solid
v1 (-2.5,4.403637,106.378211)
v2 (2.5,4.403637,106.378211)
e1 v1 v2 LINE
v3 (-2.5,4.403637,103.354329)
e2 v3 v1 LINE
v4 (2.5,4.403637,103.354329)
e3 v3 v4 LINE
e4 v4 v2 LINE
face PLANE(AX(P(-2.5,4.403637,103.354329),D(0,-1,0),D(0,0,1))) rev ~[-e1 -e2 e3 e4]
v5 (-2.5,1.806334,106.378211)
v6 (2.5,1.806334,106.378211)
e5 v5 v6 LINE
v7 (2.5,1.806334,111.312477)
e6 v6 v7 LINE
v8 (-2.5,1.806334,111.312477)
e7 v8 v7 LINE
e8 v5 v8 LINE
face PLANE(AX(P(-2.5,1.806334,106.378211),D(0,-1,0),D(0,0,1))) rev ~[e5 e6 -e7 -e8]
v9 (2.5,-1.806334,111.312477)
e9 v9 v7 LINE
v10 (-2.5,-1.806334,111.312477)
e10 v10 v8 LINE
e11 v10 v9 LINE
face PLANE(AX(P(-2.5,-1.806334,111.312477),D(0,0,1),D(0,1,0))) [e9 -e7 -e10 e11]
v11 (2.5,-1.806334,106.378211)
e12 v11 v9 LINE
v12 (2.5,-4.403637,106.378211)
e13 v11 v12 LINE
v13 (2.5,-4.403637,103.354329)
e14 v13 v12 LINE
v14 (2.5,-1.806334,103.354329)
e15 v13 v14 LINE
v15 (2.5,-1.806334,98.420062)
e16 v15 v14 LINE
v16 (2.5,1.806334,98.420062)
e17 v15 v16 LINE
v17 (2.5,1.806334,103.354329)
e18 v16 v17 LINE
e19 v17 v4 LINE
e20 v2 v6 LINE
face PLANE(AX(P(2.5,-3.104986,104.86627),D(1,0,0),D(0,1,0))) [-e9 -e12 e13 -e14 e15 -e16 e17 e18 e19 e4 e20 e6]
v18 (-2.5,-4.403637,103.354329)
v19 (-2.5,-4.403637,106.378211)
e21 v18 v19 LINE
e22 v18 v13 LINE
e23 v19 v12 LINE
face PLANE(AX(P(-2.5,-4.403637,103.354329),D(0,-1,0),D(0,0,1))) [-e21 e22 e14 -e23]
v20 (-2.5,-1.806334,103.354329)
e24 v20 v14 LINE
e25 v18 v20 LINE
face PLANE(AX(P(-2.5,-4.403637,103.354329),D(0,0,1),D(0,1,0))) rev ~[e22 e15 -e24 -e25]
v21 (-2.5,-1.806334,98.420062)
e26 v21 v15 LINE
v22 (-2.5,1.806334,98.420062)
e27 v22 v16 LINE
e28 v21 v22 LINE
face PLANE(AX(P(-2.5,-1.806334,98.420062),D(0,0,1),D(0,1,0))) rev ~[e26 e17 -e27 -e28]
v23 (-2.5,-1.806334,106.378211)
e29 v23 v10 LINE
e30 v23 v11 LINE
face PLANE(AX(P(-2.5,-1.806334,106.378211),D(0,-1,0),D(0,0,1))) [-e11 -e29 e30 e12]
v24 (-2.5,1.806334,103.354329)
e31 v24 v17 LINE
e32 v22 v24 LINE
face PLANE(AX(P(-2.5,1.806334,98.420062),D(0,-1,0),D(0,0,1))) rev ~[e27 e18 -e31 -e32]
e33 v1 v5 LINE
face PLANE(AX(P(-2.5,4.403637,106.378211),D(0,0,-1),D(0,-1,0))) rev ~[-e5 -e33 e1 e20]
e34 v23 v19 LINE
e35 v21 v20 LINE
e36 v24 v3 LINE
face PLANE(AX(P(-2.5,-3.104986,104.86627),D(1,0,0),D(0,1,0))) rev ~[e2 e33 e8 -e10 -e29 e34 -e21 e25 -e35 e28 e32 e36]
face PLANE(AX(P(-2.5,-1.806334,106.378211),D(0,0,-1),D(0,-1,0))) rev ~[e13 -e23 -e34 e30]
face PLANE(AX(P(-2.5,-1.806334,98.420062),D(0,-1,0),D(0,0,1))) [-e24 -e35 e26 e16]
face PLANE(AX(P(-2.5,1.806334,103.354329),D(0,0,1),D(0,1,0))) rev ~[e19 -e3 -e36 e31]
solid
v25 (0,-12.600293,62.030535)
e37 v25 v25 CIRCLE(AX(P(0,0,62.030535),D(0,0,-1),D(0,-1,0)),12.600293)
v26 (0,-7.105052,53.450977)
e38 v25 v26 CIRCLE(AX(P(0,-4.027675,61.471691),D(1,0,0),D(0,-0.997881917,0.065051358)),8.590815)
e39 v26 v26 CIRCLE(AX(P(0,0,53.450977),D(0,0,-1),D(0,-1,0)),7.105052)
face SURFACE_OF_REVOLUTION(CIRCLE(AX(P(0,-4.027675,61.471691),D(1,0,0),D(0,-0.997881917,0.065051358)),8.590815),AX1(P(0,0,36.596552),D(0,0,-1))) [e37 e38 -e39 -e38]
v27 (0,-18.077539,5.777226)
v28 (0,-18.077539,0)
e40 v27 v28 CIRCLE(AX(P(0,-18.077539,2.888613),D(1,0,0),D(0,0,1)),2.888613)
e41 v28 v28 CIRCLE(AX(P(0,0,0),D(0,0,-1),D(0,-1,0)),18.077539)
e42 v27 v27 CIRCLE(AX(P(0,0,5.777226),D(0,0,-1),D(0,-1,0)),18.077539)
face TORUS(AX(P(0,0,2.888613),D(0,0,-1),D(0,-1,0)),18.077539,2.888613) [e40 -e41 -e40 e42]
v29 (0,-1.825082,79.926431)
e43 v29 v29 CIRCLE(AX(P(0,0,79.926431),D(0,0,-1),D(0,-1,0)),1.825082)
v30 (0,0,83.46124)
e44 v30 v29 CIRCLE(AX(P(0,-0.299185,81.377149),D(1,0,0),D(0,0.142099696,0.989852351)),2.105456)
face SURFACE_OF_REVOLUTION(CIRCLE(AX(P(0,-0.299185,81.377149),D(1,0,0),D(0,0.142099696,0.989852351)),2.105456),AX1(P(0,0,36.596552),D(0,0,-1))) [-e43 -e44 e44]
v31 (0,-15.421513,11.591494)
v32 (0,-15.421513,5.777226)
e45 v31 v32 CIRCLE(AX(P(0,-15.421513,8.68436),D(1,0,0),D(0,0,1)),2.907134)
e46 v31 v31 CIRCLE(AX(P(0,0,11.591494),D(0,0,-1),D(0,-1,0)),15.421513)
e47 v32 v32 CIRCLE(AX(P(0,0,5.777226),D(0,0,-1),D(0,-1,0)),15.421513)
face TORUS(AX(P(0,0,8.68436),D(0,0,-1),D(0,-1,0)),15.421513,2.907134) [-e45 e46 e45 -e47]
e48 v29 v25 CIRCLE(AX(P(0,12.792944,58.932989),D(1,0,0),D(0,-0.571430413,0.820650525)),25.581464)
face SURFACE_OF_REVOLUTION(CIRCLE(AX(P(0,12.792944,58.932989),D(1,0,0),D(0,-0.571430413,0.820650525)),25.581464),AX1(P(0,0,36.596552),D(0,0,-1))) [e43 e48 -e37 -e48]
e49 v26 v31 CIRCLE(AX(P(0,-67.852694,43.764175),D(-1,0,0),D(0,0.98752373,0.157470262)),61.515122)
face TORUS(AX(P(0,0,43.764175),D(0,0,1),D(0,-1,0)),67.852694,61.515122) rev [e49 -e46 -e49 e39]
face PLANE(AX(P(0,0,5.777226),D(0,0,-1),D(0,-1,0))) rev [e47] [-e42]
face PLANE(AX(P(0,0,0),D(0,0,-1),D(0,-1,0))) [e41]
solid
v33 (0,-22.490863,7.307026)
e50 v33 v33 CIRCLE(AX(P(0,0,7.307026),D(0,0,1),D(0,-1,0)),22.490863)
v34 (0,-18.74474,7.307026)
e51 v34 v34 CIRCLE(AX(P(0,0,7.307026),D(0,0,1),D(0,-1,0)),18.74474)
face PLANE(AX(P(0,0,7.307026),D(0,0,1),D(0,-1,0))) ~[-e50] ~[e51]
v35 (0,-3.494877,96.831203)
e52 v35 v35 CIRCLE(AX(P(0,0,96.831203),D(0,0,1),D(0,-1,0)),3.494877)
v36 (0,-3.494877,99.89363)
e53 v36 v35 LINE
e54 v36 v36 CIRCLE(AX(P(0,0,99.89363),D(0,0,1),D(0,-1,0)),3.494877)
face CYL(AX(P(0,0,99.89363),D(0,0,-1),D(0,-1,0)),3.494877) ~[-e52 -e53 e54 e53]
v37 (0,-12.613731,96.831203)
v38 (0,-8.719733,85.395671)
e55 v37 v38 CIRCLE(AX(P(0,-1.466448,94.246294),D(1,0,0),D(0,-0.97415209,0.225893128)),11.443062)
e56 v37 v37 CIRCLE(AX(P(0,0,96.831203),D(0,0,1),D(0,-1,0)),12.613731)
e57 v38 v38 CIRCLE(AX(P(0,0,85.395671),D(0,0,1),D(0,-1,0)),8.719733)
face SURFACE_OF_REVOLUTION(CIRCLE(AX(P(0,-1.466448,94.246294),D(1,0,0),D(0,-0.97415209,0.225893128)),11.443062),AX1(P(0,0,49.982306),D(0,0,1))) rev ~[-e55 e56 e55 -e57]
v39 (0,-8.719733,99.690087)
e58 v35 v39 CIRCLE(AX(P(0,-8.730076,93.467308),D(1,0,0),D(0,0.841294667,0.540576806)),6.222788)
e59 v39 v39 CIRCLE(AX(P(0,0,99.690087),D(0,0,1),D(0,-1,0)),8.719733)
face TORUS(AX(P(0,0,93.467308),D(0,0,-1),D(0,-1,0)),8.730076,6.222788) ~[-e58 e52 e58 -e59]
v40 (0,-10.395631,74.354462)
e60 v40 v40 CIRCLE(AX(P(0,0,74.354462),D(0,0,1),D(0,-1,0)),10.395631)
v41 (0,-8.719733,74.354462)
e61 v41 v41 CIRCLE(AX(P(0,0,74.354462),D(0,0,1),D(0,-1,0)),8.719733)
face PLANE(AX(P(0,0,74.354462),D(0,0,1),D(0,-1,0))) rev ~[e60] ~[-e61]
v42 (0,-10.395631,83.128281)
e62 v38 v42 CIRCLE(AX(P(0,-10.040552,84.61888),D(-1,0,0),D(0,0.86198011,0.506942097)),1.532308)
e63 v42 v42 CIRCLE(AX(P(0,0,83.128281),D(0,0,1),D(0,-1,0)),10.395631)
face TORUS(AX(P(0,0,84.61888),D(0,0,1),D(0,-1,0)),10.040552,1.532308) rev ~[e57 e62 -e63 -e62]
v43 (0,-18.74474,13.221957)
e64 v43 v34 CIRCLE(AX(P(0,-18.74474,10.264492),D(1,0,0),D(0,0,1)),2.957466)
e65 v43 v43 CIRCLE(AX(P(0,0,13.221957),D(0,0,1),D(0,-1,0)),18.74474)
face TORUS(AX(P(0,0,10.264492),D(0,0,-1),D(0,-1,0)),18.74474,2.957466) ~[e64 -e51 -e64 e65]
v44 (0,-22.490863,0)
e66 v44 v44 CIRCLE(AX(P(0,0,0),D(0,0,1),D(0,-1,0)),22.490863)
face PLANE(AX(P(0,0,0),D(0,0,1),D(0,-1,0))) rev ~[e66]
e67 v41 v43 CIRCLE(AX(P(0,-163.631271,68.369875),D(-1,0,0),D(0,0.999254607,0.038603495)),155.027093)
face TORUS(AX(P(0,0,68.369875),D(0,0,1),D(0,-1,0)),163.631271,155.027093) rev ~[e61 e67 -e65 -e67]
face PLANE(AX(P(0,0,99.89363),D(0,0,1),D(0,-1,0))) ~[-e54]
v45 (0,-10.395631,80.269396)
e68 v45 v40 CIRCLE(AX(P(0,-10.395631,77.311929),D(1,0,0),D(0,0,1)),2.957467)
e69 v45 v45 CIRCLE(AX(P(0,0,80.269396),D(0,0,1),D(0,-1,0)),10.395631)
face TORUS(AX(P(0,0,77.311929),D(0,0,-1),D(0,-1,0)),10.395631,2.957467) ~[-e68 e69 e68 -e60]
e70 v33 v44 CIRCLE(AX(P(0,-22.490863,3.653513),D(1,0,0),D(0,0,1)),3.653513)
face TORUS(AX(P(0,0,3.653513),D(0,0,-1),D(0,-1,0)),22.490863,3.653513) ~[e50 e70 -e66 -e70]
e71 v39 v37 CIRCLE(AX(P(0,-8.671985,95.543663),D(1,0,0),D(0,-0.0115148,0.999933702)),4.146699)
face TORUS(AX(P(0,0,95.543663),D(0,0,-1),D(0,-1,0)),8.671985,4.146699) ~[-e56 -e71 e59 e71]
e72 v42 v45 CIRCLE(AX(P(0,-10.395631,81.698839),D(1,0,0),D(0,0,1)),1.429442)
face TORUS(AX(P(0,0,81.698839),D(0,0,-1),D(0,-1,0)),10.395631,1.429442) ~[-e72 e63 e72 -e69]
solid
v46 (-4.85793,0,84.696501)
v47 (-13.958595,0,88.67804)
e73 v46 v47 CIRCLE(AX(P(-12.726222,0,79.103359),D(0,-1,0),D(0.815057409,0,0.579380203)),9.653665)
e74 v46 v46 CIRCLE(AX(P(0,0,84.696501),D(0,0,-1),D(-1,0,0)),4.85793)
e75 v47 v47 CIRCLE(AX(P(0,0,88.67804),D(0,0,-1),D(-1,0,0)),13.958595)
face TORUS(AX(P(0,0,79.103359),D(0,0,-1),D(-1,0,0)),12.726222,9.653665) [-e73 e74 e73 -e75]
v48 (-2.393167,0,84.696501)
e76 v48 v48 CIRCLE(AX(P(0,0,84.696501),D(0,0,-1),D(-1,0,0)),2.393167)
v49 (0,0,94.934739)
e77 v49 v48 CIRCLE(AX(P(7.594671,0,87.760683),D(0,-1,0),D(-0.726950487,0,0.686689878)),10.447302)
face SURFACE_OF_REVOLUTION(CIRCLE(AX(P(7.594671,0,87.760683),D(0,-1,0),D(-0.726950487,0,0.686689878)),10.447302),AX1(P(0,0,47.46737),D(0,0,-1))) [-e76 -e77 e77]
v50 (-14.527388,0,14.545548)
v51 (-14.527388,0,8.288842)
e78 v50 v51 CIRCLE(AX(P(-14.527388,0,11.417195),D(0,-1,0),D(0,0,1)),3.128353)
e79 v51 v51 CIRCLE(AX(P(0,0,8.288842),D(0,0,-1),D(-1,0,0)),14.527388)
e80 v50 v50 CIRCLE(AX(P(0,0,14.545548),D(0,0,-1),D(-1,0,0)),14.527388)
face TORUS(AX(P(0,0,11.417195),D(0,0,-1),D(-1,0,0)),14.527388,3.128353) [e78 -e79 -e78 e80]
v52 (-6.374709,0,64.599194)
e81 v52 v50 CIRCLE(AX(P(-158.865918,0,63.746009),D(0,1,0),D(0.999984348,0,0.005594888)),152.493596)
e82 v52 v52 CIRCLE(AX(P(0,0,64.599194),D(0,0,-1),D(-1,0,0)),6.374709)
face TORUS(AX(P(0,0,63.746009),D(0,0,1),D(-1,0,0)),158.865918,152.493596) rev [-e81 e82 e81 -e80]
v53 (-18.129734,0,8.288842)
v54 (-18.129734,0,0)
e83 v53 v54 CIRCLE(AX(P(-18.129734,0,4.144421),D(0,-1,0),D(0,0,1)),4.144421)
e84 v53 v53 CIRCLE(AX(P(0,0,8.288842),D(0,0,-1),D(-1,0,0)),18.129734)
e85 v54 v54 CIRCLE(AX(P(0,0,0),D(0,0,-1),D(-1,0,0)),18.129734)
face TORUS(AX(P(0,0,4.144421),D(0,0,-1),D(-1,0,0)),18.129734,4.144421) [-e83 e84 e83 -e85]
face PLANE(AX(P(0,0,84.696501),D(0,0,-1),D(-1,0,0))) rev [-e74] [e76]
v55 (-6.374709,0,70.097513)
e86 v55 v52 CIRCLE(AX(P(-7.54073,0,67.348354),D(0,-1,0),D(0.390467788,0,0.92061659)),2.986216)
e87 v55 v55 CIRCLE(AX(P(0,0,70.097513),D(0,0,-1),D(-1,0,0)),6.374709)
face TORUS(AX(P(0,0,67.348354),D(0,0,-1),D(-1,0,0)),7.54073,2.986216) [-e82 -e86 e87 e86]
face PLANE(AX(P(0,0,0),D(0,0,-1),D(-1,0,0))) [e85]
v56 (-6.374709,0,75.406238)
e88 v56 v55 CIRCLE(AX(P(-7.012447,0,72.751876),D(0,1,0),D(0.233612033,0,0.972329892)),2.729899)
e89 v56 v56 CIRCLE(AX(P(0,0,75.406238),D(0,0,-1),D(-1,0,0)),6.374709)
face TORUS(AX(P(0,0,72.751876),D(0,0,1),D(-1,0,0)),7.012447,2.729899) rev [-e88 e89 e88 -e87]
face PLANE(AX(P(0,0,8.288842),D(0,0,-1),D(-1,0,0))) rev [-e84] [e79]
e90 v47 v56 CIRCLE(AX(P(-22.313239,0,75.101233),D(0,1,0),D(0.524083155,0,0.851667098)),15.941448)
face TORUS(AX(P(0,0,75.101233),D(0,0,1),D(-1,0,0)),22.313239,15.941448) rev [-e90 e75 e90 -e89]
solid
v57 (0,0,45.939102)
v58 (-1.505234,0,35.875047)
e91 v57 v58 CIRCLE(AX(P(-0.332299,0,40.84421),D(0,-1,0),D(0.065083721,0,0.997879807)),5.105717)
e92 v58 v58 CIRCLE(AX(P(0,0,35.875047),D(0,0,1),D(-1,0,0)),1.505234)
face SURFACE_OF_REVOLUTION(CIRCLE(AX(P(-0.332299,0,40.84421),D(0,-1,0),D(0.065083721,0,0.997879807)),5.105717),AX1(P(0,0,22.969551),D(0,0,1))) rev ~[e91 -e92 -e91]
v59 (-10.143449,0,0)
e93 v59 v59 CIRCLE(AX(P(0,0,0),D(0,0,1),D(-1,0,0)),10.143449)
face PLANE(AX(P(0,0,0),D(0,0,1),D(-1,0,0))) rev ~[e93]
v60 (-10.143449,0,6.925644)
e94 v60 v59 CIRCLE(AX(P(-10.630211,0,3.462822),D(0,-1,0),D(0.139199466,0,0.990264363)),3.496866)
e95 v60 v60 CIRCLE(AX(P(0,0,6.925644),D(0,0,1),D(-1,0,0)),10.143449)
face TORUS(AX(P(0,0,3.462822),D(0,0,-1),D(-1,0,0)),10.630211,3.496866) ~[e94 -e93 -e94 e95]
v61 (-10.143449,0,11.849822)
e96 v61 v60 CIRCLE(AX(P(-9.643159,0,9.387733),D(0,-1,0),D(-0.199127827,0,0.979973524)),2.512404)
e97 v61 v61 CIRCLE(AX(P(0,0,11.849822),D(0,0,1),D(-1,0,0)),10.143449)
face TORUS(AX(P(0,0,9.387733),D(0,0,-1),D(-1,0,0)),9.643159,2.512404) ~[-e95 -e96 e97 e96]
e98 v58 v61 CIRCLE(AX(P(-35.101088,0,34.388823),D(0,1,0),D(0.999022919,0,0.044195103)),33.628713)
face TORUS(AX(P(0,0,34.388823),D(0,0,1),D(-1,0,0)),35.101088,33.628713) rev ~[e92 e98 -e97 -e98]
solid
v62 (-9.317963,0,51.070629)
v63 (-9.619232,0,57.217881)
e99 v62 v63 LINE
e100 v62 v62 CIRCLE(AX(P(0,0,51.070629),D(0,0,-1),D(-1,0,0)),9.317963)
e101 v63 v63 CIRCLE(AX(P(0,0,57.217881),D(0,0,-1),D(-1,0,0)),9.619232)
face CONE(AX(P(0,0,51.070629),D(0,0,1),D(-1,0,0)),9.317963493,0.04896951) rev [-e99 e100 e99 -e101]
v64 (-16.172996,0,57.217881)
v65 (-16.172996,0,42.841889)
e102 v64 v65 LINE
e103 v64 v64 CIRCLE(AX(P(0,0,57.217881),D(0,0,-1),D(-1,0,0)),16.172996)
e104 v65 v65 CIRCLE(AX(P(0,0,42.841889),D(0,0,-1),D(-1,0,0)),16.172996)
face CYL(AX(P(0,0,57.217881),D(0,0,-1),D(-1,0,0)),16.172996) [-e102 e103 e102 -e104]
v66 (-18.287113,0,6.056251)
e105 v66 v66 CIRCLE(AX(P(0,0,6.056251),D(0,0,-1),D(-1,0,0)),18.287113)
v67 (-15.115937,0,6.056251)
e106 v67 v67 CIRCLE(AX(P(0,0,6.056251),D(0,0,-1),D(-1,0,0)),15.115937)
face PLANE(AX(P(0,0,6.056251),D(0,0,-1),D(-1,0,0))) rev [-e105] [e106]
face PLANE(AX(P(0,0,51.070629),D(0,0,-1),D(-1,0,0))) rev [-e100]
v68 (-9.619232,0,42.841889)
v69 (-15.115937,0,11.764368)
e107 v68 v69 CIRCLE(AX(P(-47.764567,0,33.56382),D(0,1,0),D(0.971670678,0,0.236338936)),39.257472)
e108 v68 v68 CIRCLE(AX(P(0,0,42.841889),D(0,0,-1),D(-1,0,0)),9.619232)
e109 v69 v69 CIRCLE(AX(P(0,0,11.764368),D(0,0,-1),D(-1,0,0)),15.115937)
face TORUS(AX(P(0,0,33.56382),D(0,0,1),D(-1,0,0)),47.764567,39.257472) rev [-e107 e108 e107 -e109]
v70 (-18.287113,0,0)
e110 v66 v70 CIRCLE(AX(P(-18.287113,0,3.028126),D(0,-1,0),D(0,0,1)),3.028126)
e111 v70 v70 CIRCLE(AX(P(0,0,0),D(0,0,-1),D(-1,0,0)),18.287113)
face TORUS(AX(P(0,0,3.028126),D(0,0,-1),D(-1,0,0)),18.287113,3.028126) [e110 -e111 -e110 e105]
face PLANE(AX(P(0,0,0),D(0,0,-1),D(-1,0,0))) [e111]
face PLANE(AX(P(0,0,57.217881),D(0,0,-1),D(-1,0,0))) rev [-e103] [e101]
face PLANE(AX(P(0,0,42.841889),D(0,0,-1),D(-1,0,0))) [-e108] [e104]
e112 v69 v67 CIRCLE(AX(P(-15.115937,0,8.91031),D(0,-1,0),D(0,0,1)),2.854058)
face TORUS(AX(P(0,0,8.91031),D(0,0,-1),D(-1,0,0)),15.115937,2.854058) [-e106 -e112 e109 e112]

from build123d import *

# Parameters (mm, degrees)
F10_W     = 2.5973028746
F10_H     = 3.0238824309
F10_W_2   = 3.612668298
F10_H_2   = 4.9342662549
F11_DEPTH = 5


with BuildPart() as f1:
    # F0 (on Front) → F1 (revolve)
    with BuildSketch(Plane.XZ):
        with BuildLine():
            Line((0, 0), (0, 45.9391020568))
            ThreePointArc((0, 45.9391020568), (-5.3818502071, 41.5994474406), (-1.5052335328, 35.8750472973))
            ThreePointArc((-1.5052335328, 35.8750472973), (-3.4556970702, 23.0107943133), (-10.1434485987, 11.8498224765))
            ThreePointArc((-10.1434485987, 11.8498224765), (-12.1555629621, 9.3877331819), (-10.1434485987, 6.9256438874))
            ThreePointArc((-10.1434485987, 6.9256438874), (-14.1270766639, 3.4628219437), (-10.1434485987, 0))
            Line((-10.1434485987, 0), (0, 0))
        make_face()
    revolve(axis=Axis((0, 0, 22.9695510284), (0, 0, 1)))


with BuildPart() as f3:
    # F2 (on Front) → F3 (revolve)
    with BuildSketch(Plane.XZ):
        with BuildLine():
            Line((-18.1297343224, 0), (0, 0))
            Line((0, 0), (0, 94.9347391725))
            ThreePointArc((0, 94.9347391725), (-2.5784077551, 90.1386189063), (-2.3931667674, 84.6965014935))
            Line((-2.3931667674, 84.6965014935), (-4.8579303548, 84.6965014935))
            ThreePointArc((-4.8579303548, 84.6965014935), (-8.8568529845, 87.9476361027), (-13.9585947618, 88.6780396104))
            ThreePointArc((-13.9585947618, 88.6780396104), (-8.4721858821, 83.0104052777), (-6.3747093081, 75.4062384367))
            ThreePointArc((-6.3747093081, 75.4062384367), (-4.2825475071, 72.7518759668), (-6.3747093081, 70.0975134969))
            ThreePointArc((-6.3747093081, 70.0975134969), (-10.5269463728, 67.3483535647), (-6.3747093081, 64.5991936326))
            ThreePointArc((-6.3747093081, 64.5991936326), (-8.3557345542, 39.2310884298), (-14.527387917, 14.5455477759))
            ThreePointArc((-14.527387917, 14.5455477759), (-17.6557409577, 11.4171947353), (-14.527387917, 8.2888416946))
            Line((-14.527387917, 8.2888416946), (-18.1297343224, 8.2888416946))
            ThreePointArc((-18.1297343224, 8.2888416946), (-22.2741551697, 4.1444208473), (-18.1297343224, 0))
        make_face()
    revolve(axis=Axis((0, 0, 47.4673695862), (0, 0, -1)))


with BuildPart() as f5:
    # F4 (on Front) → F5 (revolve)
    with BuildSketch(Plane.XZ):
        with BuildLine():
            Line((-18.2871129364, 0), (0, 0))
            Line((0, 0), (0, 51.0706291124))
            Line((0, 51.0706291124), (-9.3179634934, 51.0706291124))
            Line((-9.3179634934, 51.0706291124), (-9.6192322671, 57.2178810835))
            Line((-9.6192322671, 57.2178810835), (-16.1729957908, 57.2178810835))
            Line((-16.1729957908, 57.2178810835), (-16.1729957908, 42.8418889642))
            Line((-16.1729957908, 42.8418889642), (-9.6192322671, 42.8418889642))
            ThreePointArc((-9.6192322671, 42.8418889642), (-9.1071041764, 26.7264448059), (-15.1159372181, 11.7643680423))
            ThreePointArc((-15.1159372181, 11.7643680423), (-17.9699955042, 8.9103097562), (-15.1159372181, 6.05625147))
            Line((-15.1159372181, 6.05625147), (-18.2871129364, 6.05625147))
            ThreePointArc((-18.2871129364, 6.05625147), (-21.3152386714, 3.028125735), (-18.2871129364, 0))
        make_face()
    revolve(axis=Axis((0, 0, 25.5353145562), (0, 0, -1)))


with BuildPart() as f7:
    # F6 (on Right) → F7 (revolve)
    with BuildSketch(Plane.YZ):
        with BuildLine():
            Line((-18.0775392801, 0), (0, 0))
            Line((0, 0), (0, 73.193103075))
            Line((0, 73.193103075), (0, 83.461239934))
            ThreePointArc((0, 83.461239934), (-2.169993209, 82.3430796068), (-1.8250824651, 79.926431179))
            ThreePointArc((-1.8250824651, 79.926431179), (-9.1226003003, 72.1284512395), (-12.600293383, 62.0305351913))
            ThreePointArc((-12.600293383, 62.0305351913), (-11.2618162191, 56.8381940076), (-7.1050517537, 53.4509772643))
            ThreePointArc((-7.1050517537, 53.4509772643), (-7.5168372062, 31.776908223), (-15.4215125367, 11.5914940834))
            ThreePointArc((-15.4215125367, 11.5914940834), (-18.3286466636, 8.6843599565), (-15.4215125367, 5.7772258297))
            Line((-15.4215125367, 5.7772258297), (-18.0775392801, 5.7772258297))
            ThreePointArc((-18.0775392801, 5.7772258297), (-20.9661521949, 2.8886129148), (-18.0775392801, 0))
        make_face()
    revolve(axis=Axis((0, 0, 36.5965515375), (0, 0, -1)))


with BuildPart() as f9:
    # F8 (on Right) → F9 (revolve)
    with BuildSketch(Plane.YZ):
        with BuildLine():
            Line((-22.490862757, 0), (0, 0))
            Line((0, 0), (0, 99.8936295509))
            Line((0, 99.8936295509), (-3.4948771354, 99.8936295509))
            Line((-3.4948771354, 99.8936295509), (-3.4948771354, 96.831202507))
            ThreePointArc((-3.4948771354, 96.831202507), (-5.7430654927, 98.9263242281), (-8.7197334506, 99.6900871396))
            ThreePointArc((-8.7197334506, 99.6900871396), (-11.1260267423, 98.8862358106), (-12.6137305051, 96.831202507))
            ThreePointArc((-12.6137305051, 96.831202507), (-12.2987177674, 90.5577174458), (-8.7197334506, 85.3956714272))
            ThreePointArc((-8.7197334506, 85.3956714272), (-8.8083070293, 83.7080899558), (-10.3956311941, 83.1282809377))
            ThreePointArc((-10.3956311941, 83.1282809377), (-11.8250735104, 81.6988386214), (-10.3956311941, 80.2693963051))
            ThreePointArc((-10.3956311941, 80.2693963051), (-13.3530981839, 77.3119293153), (-10.3956311941, 74.3544623256))
            Line((-10.3956311941, 74.3544623256), (-8.7197334506, 74.3544623256))
            ThreePointArc((-8.7197334506, 74.3544623256), (-10.6475584107, 43.2823591325), (-18.7447397038, 13.2219572552))
            ThreePointArc((-18.7447397038, 13.2219572552), (-21.7022052966, 10.2644916624), (-18.7447397038, 7.3070260696))
            Line((-18.7447397038, 7.3070260696), (-22.490862757, 7.3070260696))
            ThreePointArc((-22.490862757, 7.3070260696), (-26.1443757918, 3.6535130348), (-22.490862757, 0))
        make_face()
    revolve(axis=Axis((0, 0, 49.9823056161), (0, 0, 1)))


with BuildPart() as f11:
    # F10 (on Right) → F11 (new body)
    with BuildSketch(Plane.YZ):
        with Locations((-3.1049855863, 104.8662698593)):
            Rectangle(F10_W, F10_H)
        with Locations((0, 104.8662698593)):
            Rectangle(F10_W_2, F10_H)
        with Locations((0, 100.8871955164)):
            Rectangle(F10_W_2, F10_H_2)
        with Locations((3.1049855863, 104.8662698593)):
            Rectangle(F10_W, F10_H)
        with Locations((0, 108.8453442022)):
            Rectangle(F10_W_2, F10_H_2)
    extrude(amount=F11_DEPTH)


with BuildPart() as f11_1:
    # F12: moved
    add(f11.part.moved(Location((-2.5, 0, 0))))


solid = Compound([f1.part, f3.part, f5.part, f7.part, f9.part, f11_1.part])
